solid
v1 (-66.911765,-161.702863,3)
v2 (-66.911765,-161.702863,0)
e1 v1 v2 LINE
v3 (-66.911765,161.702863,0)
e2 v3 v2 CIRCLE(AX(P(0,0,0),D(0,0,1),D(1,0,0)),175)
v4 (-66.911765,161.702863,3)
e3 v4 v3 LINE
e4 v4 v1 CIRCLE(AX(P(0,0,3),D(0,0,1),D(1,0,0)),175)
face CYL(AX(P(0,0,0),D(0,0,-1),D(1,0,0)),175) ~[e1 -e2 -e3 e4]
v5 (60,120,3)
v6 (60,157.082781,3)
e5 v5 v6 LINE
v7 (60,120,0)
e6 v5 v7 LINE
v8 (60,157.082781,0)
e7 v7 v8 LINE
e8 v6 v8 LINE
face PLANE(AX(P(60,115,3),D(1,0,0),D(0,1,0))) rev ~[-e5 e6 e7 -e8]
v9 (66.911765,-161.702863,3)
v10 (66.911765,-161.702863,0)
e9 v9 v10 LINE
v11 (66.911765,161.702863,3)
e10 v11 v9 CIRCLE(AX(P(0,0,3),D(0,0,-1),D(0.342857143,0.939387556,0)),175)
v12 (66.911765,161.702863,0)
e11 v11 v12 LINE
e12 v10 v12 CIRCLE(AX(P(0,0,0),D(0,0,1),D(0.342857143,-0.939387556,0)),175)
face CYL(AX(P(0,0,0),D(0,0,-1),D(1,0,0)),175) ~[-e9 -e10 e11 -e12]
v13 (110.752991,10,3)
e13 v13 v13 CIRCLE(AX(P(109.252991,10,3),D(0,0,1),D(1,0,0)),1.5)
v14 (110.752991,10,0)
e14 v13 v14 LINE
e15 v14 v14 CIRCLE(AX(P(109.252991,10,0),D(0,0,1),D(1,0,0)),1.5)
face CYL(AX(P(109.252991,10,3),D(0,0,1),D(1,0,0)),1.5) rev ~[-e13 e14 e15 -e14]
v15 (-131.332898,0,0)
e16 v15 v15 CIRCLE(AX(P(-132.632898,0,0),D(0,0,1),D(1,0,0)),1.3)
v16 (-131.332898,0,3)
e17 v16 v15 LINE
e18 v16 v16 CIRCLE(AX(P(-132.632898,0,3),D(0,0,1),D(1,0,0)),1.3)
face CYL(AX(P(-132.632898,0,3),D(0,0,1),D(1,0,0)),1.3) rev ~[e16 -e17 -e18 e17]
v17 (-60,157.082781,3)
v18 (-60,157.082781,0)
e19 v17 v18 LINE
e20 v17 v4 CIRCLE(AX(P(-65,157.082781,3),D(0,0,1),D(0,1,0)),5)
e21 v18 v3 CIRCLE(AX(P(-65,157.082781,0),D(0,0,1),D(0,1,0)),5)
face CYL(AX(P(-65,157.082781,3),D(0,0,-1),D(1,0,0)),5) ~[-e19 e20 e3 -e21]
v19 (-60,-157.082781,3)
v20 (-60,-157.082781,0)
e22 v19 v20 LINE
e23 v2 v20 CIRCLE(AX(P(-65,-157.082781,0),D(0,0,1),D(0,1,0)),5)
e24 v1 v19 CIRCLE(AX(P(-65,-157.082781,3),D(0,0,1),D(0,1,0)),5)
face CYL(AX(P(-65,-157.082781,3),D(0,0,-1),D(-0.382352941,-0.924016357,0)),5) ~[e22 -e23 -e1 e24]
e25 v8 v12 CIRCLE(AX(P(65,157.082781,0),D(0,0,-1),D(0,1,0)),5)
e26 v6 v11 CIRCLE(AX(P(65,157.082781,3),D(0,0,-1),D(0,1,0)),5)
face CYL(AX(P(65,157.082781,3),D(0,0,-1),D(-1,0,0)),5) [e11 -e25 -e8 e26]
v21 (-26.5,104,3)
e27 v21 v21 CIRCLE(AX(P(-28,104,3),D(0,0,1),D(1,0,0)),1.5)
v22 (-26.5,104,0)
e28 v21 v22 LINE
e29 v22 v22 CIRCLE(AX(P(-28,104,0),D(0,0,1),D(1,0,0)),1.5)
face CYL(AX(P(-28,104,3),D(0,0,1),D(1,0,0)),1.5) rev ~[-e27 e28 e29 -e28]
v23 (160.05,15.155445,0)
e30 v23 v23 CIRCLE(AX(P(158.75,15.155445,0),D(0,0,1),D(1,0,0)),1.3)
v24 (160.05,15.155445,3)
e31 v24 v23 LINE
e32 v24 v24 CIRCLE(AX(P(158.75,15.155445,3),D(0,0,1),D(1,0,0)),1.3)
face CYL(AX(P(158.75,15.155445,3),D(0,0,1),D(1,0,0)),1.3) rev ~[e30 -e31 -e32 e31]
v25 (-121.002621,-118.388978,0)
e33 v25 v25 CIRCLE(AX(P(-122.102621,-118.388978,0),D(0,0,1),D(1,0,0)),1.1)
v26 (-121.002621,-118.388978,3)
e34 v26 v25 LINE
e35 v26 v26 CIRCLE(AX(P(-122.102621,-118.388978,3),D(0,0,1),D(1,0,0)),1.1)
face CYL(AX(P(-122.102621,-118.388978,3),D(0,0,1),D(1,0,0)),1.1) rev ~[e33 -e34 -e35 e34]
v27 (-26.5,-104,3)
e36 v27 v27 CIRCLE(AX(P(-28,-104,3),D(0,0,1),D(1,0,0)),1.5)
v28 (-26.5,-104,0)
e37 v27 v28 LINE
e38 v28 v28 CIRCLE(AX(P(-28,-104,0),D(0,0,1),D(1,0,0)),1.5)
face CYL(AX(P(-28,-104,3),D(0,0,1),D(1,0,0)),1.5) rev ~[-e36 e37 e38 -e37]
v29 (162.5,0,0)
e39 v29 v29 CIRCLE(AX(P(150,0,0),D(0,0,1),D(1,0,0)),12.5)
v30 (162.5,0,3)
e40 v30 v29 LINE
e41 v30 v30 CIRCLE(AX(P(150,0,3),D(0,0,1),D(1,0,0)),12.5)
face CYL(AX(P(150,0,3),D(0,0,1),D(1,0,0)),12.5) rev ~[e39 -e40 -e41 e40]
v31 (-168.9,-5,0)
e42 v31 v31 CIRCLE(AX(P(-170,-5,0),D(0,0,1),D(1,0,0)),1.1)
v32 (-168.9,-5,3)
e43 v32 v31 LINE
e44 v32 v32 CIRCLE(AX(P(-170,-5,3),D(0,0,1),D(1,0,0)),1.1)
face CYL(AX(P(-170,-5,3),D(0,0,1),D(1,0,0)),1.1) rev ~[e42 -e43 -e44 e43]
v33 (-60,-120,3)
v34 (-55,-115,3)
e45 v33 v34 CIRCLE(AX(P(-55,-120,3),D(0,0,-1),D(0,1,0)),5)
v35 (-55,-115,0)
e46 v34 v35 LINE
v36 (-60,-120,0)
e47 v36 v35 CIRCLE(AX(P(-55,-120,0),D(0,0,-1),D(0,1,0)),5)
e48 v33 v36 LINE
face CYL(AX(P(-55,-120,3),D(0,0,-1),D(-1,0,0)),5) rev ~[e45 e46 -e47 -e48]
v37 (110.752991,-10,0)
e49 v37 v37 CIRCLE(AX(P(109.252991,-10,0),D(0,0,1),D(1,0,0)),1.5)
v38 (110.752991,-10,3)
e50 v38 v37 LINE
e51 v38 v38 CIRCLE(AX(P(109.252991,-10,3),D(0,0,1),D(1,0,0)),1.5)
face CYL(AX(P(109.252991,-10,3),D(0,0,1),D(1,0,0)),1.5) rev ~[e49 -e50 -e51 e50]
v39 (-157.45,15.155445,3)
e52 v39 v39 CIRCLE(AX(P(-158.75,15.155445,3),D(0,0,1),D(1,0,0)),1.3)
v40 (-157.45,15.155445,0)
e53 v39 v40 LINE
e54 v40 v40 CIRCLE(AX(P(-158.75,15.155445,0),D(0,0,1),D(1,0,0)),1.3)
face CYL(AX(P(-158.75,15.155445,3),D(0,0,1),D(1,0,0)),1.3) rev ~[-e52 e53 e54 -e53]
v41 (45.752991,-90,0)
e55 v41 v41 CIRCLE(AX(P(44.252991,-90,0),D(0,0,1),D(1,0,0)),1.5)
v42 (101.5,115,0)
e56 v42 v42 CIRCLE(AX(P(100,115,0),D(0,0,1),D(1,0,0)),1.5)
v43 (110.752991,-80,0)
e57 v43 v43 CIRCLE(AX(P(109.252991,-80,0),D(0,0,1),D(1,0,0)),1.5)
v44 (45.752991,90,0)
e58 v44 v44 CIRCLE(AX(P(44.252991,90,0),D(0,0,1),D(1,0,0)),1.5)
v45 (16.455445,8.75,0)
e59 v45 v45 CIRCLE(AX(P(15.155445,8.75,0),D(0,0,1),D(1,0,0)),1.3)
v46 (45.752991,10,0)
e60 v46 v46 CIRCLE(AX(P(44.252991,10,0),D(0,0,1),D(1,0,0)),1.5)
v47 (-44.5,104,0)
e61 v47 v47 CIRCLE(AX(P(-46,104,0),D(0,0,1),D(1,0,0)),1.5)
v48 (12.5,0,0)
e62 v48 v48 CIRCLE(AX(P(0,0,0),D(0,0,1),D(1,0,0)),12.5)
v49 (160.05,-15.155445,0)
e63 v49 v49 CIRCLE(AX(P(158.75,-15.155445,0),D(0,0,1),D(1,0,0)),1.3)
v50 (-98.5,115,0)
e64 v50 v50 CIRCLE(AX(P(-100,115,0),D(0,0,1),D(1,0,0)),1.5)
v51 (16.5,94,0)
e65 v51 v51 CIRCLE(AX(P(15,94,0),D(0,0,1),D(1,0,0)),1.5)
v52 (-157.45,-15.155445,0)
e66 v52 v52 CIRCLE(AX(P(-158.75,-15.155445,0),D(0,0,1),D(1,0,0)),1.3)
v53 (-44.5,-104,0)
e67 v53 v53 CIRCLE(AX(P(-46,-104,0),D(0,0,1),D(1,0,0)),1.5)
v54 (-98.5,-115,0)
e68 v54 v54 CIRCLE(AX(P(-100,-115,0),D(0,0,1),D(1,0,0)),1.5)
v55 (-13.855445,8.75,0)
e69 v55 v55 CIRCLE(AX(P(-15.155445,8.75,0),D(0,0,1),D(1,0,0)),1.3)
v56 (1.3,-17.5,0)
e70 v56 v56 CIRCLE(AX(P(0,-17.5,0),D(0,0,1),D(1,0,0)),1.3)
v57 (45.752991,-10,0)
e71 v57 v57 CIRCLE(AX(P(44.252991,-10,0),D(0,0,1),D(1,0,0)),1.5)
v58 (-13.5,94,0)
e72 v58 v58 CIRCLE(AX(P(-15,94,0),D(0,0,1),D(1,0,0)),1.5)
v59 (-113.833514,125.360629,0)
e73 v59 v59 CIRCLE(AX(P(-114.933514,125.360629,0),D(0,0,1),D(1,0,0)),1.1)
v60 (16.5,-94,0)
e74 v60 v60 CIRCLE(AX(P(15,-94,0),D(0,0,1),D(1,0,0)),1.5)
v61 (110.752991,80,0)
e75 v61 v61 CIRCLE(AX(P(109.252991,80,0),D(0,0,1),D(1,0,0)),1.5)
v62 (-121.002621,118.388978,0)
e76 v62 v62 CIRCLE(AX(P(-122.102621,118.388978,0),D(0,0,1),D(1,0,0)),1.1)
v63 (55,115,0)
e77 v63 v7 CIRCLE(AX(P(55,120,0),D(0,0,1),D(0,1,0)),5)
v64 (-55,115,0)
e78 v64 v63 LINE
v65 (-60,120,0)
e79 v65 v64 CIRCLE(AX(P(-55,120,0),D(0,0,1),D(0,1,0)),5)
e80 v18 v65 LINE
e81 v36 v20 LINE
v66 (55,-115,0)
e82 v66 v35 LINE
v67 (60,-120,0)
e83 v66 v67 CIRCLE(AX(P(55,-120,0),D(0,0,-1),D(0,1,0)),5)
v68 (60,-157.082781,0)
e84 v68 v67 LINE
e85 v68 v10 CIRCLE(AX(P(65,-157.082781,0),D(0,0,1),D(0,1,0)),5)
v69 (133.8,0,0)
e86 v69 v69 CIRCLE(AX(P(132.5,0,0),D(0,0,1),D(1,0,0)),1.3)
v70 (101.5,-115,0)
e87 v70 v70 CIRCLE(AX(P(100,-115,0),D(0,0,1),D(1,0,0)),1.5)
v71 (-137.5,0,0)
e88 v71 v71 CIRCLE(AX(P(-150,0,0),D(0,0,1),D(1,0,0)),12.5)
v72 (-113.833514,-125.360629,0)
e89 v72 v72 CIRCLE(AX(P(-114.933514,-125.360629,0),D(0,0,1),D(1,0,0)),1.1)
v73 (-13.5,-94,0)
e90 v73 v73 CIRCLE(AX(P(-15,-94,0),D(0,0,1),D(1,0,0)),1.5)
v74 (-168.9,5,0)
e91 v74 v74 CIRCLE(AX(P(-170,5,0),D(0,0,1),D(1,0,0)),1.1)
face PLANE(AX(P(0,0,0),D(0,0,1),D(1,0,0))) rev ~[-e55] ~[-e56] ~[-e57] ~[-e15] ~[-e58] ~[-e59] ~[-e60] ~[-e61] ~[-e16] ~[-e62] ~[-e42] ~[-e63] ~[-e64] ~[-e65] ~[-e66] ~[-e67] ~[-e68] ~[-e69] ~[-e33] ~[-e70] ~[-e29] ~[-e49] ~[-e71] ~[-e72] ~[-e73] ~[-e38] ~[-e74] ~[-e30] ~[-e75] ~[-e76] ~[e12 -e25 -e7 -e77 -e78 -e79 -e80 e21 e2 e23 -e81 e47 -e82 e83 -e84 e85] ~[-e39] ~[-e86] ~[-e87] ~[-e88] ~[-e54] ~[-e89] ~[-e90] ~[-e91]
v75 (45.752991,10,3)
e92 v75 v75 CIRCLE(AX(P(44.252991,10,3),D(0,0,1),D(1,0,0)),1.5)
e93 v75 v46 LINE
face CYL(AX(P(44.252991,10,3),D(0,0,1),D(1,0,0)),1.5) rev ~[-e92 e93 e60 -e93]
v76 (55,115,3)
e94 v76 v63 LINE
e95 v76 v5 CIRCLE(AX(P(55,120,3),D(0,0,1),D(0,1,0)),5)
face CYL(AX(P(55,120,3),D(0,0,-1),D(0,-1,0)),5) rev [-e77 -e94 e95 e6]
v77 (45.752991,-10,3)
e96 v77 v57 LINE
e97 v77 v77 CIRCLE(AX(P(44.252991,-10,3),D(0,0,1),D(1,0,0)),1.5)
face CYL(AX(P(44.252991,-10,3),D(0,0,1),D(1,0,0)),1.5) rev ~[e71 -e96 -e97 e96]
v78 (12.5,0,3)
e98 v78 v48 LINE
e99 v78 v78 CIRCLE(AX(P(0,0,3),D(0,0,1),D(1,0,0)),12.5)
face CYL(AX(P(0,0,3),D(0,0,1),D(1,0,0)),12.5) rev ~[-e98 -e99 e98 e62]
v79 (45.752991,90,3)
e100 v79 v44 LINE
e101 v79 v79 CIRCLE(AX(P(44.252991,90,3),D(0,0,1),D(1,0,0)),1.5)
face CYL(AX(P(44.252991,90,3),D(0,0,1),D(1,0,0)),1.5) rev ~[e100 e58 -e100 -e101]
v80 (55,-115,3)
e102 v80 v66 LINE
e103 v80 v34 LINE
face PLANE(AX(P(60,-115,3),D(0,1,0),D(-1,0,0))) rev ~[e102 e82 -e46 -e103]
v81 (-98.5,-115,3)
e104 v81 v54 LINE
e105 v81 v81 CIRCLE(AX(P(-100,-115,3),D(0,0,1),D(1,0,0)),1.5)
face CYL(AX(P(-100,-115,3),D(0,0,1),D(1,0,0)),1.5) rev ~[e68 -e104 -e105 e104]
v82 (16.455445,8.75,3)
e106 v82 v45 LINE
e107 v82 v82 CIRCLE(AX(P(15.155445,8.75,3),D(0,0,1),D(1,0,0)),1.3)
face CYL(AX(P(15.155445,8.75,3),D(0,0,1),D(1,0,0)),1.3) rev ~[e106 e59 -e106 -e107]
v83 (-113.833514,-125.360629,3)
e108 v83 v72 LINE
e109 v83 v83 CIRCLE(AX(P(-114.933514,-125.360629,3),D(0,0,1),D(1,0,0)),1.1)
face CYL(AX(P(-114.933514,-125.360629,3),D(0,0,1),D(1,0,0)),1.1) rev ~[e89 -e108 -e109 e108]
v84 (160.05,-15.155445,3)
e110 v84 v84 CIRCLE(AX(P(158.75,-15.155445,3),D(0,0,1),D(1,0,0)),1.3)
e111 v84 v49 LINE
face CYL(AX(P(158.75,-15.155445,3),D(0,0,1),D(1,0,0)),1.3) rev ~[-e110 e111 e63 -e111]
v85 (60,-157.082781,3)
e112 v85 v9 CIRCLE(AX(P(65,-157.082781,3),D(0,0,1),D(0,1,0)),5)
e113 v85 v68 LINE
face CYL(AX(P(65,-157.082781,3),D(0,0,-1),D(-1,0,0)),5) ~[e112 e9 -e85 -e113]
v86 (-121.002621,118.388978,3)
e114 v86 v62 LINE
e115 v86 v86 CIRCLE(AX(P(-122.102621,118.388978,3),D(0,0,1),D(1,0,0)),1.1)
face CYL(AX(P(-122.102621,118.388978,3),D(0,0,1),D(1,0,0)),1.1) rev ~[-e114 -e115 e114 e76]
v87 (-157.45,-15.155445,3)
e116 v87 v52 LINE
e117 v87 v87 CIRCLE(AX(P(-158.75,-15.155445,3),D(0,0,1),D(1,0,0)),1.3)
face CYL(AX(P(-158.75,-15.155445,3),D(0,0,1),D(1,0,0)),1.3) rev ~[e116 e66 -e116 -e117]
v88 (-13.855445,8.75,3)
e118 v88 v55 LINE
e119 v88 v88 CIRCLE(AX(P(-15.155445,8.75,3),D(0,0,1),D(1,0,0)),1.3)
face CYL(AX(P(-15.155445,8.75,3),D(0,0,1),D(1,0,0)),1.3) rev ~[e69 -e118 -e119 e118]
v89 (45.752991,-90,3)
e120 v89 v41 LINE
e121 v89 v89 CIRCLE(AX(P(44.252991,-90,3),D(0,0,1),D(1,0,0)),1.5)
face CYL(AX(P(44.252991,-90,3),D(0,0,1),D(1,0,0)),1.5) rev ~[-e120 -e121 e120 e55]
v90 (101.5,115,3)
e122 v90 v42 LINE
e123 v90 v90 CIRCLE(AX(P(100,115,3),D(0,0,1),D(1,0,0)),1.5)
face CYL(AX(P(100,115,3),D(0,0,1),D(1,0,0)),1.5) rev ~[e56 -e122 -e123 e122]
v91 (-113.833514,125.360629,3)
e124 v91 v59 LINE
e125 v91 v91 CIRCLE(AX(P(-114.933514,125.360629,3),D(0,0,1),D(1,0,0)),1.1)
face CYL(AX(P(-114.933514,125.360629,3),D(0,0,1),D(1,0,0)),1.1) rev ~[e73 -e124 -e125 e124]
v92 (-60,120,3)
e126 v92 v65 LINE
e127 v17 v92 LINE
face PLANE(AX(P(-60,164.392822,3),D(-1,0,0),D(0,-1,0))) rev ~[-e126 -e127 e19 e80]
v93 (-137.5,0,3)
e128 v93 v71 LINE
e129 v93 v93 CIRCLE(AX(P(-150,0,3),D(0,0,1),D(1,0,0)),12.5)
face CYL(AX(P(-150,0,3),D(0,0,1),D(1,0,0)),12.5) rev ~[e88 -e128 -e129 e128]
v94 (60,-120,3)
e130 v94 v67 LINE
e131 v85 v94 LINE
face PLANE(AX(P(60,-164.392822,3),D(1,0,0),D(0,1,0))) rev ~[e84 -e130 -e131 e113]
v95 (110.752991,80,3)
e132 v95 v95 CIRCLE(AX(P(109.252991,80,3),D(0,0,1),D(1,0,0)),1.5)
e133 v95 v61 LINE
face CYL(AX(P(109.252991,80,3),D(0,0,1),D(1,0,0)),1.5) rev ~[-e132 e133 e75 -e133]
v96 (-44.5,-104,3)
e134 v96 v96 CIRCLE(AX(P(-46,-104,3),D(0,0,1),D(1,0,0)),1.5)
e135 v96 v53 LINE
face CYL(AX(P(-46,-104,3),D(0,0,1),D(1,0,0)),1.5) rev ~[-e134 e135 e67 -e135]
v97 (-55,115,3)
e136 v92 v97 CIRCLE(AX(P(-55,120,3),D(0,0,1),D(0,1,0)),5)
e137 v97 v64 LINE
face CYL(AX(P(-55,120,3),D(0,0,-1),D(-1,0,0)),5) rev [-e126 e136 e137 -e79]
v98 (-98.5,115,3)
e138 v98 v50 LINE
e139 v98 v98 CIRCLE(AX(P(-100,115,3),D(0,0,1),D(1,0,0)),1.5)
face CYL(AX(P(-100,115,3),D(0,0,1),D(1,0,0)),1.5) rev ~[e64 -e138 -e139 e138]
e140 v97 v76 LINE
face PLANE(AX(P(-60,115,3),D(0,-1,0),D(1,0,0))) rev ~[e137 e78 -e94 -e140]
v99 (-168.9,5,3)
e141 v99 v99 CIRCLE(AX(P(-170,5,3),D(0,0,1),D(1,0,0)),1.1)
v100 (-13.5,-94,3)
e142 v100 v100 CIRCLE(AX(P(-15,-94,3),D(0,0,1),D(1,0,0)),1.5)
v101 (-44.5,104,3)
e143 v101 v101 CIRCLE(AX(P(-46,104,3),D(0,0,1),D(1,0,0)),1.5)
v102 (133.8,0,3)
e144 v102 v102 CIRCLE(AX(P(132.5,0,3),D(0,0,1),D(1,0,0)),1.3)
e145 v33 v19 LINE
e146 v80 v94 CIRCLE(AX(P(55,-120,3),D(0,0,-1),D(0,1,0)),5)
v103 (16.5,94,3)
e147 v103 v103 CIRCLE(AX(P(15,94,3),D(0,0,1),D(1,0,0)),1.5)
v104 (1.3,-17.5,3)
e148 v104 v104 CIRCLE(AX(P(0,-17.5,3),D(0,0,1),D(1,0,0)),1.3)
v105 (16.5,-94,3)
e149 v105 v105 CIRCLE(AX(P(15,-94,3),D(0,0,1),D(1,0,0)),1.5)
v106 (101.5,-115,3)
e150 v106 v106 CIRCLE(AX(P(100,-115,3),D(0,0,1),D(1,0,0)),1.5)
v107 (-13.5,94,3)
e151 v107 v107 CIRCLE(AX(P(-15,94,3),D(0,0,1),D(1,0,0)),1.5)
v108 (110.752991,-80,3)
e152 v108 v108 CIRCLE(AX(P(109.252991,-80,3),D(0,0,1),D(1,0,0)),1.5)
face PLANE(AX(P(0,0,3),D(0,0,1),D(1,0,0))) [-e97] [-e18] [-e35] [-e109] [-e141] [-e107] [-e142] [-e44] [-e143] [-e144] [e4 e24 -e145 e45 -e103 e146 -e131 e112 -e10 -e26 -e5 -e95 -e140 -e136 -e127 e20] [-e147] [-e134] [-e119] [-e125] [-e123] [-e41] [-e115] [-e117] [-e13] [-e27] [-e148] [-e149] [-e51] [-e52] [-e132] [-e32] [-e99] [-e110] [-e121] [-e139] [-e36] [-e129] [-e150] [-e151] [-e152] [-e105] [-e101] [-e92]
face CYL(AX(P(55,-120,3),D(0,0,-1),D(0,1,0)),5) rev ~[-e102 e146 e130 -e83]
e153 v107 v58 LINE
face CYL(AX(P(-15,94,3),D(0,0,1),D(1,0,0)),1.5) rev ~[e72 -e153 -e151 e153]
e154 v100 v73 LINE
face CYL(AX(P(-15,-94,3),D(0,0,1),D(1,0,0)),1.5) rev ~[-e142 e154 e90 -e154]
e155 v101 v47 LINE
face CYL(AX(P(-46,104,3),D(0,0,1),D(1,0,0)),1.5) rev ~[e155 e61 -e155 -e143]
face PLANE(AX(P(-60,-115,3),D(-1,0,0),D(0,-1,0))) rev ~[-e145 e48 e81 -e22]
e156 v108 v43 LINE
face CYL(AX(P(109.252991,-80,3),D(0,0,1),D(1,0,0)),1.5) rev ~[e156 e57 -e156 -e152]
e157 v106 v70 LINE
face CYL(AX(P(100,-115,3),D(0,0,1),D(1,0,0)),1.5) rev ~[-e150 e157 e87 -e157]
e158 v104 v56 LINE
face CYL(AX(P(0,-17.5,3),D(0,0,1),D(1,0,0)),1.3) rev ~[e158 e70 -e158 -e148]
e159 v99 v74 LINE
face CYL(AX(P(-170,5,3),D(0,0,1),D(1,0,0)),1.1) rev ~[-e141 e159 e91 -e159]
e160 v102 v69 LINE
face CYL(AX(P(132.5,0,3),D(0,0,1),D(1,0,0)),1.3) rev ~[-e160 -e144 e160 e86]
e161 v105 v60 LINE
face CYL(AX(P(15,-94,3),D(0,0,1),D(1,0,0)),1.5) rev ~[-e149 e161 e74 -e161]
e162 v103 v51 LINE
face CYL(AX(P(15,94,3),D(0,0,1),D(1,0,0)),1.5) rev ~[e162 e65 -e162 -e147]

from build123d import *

# Parameters (mm, degrees)
SKETCH_1_R           = 175
EXTRUDE_1_DEPTH      = 3
CUT_EXTRUDE_1_DEPTH  = 3
FILLET_1_R           = 5
FILLET_2_R           = 5
FILLET_3_R           = 5
SKETCH_5_R           = 1.5
CUT_EXTRUDE_4_DEPTH  = 3
SKETCH_10_R          = 12.5
SKETCH_10_R_2        = 1.3
CUT_EXTRUDE_13_DEPTH = 10
SKETCH_14_R          = 1.1
CUT_EXTRUDE_14_DEPTH = 10
SKETCH_12_R          = 1.5
CUT_EXTRUDE_17_DEPTH = 10
SKETCH_13_R          = 1.5
CUT_EXTRUDE_18_DEPTH = 5
SKETCH_15_R          = 1.5
CUT_EXTRUDE_19_DEPTH = 4


with BuildPart() as part:
    # ｽｹｯﾁ1 → ﾎﾞｽ - 押し出し1 (new body)
    with BuildSketch(Plane.XY):
        Circle(SKETCH_1_R)
    extrude(amount=EXTRUDE_1_DEPTH)

    # ｽｹｯﾁ2 → ｶｯﾄ - 押し出し1 (cut)
    with BuildSketch(Plane.XY.offset(3)):
        with BuildLine():
            Line((-60, 115), (0, 115))
            Line((0, 115), (0, 175))
            ThreePointArc((0, 175), (-30.465194158, 172.327803749), (-60, 164.392822228))
            Line((-60, 164.392822228), (-60, 115))
        make_face()
        with BuildLine():
            Line((0, 175), (0, 115))
            Line((0, 115), (60, 115))
            Line((60, 115), (60, 164.392822228))
            ThreePointArc((60, 164.392822228), (30.465194158, 172.327803749), (0, 175))
        make_face()
        with BuildLine():
            Line((0, -175), (0, -115))
            Line((0, -115), (-60, -115))
            Line((-60, -115), (-60, -164.392822228))
            ThreePointArc((-60, -164.392822228), (-30.465194158, -172.327803749), (0, -175))
        make_face()
        with BuildLine():
            Line((60, -115), (0, -115))
            Line((0, -115), (0, -175))
            ThreePointArc((0, -175), (30.465194158, -172.327803749), (60, -164.392822228))
            Line((60, -164.392822228), (60, -115))
        make_face()
    extrude(amount=-CUT_EXTRUDE_1_DEPTH, mode=Mode.SUBTRACT)

    # ﾌｨﾚｯﾄ1
    fillet_1_edges = [part.edges().sort_by_distance(p)[0] for p in [
        (-60, 164.392822228, 1.5),
    ]]
    fillet(fillet_1_edges, radius=FILLET_1_R)

    # ﾌｨﾚｯﾄ2
    fillet_2_edges = [part.edges().sort_by_distance(p)[0] for p in [
        (-60, 115, 1.5),
        (60, 164.392822228, 1.5),
        (60, 115, 1.5),
    ]]
    fillet(fillet_2_edges, radius=FILLET_2_R)

    # ﾌｨﾚｯﾄ3
    fillet_3_edges = [part.edges().sort_by_distance(p)[0] for p in [
        (-60, -115, 1.5),
        (60, -115, 1.5),
        (60, -164.392822228, 1.5),
        (-60, -164.392822228, 1.5),
    ]]
    fillet(fillet_3_edges, radius=FILLET_3_R)

    # ｽｹｯﾁ5 → ｶｯﾄ - 押し出し4 (cut)
    with BuildSketch(Plane.XY.offset(3)):
        with Locations((-100, -115)):
            Circle(SKETCH_5_R)
        with Locations((100, -115)):
            Circle(SKETCH_5_R)
        with Locations((100, 115)):
            Circle(SKETCH_5_R)
        with Locations((-100, 115)):
            Circle(SKETCH_5_R)
    extrude(amount=-CUT_EXTRUDE_4_DEPTH, mode=Mode.SUBTRACT)

    # ｽｹｯﾁ10 → ｶｯﾄ - 押し出し13 (cut)
    with BuildSketch(Plane.XY.offset(3)):
        with Locations((-150, 0)):
            Circle(SKETCH_10_R)
        with Locations((150, 0)):
            Circle(SKETCH_10_R)
        Circle(SKETCH_10_R)
        with Locations((132.5, 0)):
            Circle(SKETCH_10_R_2)
        with Locations((158.75, 15.155444566)):
            Circle(SKETCH_10_R_2)
        with Locations((158.75, -15.155444566)):
            Circle(SKETCH_10_R_2)
        with Locations((-15.155444566, 8.75)):
            Circle(SKETCH_10_R_2)
        with Locations((15.155444566, 8.75)):
            Circle(SKETCH_10_R_2)
        with Locations((0, -17.5)):
            Circle(SKETCH_10_R_2)
        with Locations((-158.75, 15.155444566)):
            Circle(SKETCH_10_R_2)
        with Locations((-158.75, -15.155444566)):
            Circle(SKETCH_10_R_2)
        with Locations((-132.632898389, 0)):
            Circle(SKETCH_10_R_2)
    extrude(amount=-CUT_EXTRUDE_13_DEPTH, mode=Mode.SUBTRACT)

    # ｽｹｯﾁ14 → ｶｯﾄ - 押し出し14 (cut)
    with BuildSketch(Plane.XY.offset(3)):
        with Locations((-170, 5)):
            Circle(SKETCH_14_R)
        with Locations((-170, -5)):
            Circle(SKETCH_14_R)
        with Locations((-114.933514447, 125.360628815)):
            Circle(SKETCH_14_R)
        with Locations((-122.102620524, 118.388977786)):
            Circle(SKETCH_14_R)
        with Locations((-122.102620524, -118.388977786)):
            Circle(SKETCH_14_R)
        with Locations((-114.933514447, -125.360628815)):
            Circle(SKETCH_14_R)
    extrude(amount=-CUT_EXTRUDE_14_DEPTH, mode=Mode.SUBTRACT)

    # ｽｹｯﾁ12 → ｶｯﾄ - 押し出し17 (cut)
    with BuildSketch(Plane.XY.offset(3)):
        with Locations((-15, 94)):
            Circle(SKETCH_12_R)
        with Locations((15, 94)):
            Circle(SKETCH_12_R)
        with Locations((-15, -94)):
            Circle(SKETCH_12_R)
        with Locations((15, -94)):
            Circle(SKETCH_12_R)
    extrude(amount=-CUT_EXTRUDE_17_DEPTH, mode=Mode.SUBTRACT)

    # ｽｹｯﾁ13 → ｶｯﾄ - 押し出し18 (cut)
    with BuildSketch(Plane.XY.offset(3)):
        with Locations((-28, -104)):
            Circle(SKETCH_13_R)
        with Locations((-46, -104)):
            Circle(SKETCH_13_R)
        with Locations((-46, 104)):
            Circle(SKETCH_13_R)
        with Locations((-28, 104)):
            Circle(SKETCH_13_R)
    extrude(amount=-CUT_EXTRUDE_18_DEPTH, mode=Mode.SUBTRACT)

    # ｽｹｯﾁ15 → ｶｯﾄ - 押し出し19 (cut, through all)
    with BuildSketch(Plane.XY.offset(3)):
        with Locations((44.252990552, 10)):
            Circle(SKETCH_15_R)
        with Locations((44.252990552, 90)):
            Circle(SKETCH_15_R)
        with Locations((109.252990552, 10)):
            Circle(SKETCH_15_R)
        with Locations((109.252990552, 80)):
            Circle(SKETCH_15_R)
        with Locations((44.252990552, -10)):
            Circle(SKETCH_15_R)
        with Locations((109.252990552, -10)):
            Circle(SKETCH_15_R)
        with Locations((44.252990552, -90)):
            Circle(SKETCH_15_R)
        with Locations((109.252990552, -80)):
            Circle(SKETCH_15_R)
    extrude(amount=-CUT_EXTRUDE_19_DEPTH, mode=Mode.SUBTRACT)


solid = part.part
